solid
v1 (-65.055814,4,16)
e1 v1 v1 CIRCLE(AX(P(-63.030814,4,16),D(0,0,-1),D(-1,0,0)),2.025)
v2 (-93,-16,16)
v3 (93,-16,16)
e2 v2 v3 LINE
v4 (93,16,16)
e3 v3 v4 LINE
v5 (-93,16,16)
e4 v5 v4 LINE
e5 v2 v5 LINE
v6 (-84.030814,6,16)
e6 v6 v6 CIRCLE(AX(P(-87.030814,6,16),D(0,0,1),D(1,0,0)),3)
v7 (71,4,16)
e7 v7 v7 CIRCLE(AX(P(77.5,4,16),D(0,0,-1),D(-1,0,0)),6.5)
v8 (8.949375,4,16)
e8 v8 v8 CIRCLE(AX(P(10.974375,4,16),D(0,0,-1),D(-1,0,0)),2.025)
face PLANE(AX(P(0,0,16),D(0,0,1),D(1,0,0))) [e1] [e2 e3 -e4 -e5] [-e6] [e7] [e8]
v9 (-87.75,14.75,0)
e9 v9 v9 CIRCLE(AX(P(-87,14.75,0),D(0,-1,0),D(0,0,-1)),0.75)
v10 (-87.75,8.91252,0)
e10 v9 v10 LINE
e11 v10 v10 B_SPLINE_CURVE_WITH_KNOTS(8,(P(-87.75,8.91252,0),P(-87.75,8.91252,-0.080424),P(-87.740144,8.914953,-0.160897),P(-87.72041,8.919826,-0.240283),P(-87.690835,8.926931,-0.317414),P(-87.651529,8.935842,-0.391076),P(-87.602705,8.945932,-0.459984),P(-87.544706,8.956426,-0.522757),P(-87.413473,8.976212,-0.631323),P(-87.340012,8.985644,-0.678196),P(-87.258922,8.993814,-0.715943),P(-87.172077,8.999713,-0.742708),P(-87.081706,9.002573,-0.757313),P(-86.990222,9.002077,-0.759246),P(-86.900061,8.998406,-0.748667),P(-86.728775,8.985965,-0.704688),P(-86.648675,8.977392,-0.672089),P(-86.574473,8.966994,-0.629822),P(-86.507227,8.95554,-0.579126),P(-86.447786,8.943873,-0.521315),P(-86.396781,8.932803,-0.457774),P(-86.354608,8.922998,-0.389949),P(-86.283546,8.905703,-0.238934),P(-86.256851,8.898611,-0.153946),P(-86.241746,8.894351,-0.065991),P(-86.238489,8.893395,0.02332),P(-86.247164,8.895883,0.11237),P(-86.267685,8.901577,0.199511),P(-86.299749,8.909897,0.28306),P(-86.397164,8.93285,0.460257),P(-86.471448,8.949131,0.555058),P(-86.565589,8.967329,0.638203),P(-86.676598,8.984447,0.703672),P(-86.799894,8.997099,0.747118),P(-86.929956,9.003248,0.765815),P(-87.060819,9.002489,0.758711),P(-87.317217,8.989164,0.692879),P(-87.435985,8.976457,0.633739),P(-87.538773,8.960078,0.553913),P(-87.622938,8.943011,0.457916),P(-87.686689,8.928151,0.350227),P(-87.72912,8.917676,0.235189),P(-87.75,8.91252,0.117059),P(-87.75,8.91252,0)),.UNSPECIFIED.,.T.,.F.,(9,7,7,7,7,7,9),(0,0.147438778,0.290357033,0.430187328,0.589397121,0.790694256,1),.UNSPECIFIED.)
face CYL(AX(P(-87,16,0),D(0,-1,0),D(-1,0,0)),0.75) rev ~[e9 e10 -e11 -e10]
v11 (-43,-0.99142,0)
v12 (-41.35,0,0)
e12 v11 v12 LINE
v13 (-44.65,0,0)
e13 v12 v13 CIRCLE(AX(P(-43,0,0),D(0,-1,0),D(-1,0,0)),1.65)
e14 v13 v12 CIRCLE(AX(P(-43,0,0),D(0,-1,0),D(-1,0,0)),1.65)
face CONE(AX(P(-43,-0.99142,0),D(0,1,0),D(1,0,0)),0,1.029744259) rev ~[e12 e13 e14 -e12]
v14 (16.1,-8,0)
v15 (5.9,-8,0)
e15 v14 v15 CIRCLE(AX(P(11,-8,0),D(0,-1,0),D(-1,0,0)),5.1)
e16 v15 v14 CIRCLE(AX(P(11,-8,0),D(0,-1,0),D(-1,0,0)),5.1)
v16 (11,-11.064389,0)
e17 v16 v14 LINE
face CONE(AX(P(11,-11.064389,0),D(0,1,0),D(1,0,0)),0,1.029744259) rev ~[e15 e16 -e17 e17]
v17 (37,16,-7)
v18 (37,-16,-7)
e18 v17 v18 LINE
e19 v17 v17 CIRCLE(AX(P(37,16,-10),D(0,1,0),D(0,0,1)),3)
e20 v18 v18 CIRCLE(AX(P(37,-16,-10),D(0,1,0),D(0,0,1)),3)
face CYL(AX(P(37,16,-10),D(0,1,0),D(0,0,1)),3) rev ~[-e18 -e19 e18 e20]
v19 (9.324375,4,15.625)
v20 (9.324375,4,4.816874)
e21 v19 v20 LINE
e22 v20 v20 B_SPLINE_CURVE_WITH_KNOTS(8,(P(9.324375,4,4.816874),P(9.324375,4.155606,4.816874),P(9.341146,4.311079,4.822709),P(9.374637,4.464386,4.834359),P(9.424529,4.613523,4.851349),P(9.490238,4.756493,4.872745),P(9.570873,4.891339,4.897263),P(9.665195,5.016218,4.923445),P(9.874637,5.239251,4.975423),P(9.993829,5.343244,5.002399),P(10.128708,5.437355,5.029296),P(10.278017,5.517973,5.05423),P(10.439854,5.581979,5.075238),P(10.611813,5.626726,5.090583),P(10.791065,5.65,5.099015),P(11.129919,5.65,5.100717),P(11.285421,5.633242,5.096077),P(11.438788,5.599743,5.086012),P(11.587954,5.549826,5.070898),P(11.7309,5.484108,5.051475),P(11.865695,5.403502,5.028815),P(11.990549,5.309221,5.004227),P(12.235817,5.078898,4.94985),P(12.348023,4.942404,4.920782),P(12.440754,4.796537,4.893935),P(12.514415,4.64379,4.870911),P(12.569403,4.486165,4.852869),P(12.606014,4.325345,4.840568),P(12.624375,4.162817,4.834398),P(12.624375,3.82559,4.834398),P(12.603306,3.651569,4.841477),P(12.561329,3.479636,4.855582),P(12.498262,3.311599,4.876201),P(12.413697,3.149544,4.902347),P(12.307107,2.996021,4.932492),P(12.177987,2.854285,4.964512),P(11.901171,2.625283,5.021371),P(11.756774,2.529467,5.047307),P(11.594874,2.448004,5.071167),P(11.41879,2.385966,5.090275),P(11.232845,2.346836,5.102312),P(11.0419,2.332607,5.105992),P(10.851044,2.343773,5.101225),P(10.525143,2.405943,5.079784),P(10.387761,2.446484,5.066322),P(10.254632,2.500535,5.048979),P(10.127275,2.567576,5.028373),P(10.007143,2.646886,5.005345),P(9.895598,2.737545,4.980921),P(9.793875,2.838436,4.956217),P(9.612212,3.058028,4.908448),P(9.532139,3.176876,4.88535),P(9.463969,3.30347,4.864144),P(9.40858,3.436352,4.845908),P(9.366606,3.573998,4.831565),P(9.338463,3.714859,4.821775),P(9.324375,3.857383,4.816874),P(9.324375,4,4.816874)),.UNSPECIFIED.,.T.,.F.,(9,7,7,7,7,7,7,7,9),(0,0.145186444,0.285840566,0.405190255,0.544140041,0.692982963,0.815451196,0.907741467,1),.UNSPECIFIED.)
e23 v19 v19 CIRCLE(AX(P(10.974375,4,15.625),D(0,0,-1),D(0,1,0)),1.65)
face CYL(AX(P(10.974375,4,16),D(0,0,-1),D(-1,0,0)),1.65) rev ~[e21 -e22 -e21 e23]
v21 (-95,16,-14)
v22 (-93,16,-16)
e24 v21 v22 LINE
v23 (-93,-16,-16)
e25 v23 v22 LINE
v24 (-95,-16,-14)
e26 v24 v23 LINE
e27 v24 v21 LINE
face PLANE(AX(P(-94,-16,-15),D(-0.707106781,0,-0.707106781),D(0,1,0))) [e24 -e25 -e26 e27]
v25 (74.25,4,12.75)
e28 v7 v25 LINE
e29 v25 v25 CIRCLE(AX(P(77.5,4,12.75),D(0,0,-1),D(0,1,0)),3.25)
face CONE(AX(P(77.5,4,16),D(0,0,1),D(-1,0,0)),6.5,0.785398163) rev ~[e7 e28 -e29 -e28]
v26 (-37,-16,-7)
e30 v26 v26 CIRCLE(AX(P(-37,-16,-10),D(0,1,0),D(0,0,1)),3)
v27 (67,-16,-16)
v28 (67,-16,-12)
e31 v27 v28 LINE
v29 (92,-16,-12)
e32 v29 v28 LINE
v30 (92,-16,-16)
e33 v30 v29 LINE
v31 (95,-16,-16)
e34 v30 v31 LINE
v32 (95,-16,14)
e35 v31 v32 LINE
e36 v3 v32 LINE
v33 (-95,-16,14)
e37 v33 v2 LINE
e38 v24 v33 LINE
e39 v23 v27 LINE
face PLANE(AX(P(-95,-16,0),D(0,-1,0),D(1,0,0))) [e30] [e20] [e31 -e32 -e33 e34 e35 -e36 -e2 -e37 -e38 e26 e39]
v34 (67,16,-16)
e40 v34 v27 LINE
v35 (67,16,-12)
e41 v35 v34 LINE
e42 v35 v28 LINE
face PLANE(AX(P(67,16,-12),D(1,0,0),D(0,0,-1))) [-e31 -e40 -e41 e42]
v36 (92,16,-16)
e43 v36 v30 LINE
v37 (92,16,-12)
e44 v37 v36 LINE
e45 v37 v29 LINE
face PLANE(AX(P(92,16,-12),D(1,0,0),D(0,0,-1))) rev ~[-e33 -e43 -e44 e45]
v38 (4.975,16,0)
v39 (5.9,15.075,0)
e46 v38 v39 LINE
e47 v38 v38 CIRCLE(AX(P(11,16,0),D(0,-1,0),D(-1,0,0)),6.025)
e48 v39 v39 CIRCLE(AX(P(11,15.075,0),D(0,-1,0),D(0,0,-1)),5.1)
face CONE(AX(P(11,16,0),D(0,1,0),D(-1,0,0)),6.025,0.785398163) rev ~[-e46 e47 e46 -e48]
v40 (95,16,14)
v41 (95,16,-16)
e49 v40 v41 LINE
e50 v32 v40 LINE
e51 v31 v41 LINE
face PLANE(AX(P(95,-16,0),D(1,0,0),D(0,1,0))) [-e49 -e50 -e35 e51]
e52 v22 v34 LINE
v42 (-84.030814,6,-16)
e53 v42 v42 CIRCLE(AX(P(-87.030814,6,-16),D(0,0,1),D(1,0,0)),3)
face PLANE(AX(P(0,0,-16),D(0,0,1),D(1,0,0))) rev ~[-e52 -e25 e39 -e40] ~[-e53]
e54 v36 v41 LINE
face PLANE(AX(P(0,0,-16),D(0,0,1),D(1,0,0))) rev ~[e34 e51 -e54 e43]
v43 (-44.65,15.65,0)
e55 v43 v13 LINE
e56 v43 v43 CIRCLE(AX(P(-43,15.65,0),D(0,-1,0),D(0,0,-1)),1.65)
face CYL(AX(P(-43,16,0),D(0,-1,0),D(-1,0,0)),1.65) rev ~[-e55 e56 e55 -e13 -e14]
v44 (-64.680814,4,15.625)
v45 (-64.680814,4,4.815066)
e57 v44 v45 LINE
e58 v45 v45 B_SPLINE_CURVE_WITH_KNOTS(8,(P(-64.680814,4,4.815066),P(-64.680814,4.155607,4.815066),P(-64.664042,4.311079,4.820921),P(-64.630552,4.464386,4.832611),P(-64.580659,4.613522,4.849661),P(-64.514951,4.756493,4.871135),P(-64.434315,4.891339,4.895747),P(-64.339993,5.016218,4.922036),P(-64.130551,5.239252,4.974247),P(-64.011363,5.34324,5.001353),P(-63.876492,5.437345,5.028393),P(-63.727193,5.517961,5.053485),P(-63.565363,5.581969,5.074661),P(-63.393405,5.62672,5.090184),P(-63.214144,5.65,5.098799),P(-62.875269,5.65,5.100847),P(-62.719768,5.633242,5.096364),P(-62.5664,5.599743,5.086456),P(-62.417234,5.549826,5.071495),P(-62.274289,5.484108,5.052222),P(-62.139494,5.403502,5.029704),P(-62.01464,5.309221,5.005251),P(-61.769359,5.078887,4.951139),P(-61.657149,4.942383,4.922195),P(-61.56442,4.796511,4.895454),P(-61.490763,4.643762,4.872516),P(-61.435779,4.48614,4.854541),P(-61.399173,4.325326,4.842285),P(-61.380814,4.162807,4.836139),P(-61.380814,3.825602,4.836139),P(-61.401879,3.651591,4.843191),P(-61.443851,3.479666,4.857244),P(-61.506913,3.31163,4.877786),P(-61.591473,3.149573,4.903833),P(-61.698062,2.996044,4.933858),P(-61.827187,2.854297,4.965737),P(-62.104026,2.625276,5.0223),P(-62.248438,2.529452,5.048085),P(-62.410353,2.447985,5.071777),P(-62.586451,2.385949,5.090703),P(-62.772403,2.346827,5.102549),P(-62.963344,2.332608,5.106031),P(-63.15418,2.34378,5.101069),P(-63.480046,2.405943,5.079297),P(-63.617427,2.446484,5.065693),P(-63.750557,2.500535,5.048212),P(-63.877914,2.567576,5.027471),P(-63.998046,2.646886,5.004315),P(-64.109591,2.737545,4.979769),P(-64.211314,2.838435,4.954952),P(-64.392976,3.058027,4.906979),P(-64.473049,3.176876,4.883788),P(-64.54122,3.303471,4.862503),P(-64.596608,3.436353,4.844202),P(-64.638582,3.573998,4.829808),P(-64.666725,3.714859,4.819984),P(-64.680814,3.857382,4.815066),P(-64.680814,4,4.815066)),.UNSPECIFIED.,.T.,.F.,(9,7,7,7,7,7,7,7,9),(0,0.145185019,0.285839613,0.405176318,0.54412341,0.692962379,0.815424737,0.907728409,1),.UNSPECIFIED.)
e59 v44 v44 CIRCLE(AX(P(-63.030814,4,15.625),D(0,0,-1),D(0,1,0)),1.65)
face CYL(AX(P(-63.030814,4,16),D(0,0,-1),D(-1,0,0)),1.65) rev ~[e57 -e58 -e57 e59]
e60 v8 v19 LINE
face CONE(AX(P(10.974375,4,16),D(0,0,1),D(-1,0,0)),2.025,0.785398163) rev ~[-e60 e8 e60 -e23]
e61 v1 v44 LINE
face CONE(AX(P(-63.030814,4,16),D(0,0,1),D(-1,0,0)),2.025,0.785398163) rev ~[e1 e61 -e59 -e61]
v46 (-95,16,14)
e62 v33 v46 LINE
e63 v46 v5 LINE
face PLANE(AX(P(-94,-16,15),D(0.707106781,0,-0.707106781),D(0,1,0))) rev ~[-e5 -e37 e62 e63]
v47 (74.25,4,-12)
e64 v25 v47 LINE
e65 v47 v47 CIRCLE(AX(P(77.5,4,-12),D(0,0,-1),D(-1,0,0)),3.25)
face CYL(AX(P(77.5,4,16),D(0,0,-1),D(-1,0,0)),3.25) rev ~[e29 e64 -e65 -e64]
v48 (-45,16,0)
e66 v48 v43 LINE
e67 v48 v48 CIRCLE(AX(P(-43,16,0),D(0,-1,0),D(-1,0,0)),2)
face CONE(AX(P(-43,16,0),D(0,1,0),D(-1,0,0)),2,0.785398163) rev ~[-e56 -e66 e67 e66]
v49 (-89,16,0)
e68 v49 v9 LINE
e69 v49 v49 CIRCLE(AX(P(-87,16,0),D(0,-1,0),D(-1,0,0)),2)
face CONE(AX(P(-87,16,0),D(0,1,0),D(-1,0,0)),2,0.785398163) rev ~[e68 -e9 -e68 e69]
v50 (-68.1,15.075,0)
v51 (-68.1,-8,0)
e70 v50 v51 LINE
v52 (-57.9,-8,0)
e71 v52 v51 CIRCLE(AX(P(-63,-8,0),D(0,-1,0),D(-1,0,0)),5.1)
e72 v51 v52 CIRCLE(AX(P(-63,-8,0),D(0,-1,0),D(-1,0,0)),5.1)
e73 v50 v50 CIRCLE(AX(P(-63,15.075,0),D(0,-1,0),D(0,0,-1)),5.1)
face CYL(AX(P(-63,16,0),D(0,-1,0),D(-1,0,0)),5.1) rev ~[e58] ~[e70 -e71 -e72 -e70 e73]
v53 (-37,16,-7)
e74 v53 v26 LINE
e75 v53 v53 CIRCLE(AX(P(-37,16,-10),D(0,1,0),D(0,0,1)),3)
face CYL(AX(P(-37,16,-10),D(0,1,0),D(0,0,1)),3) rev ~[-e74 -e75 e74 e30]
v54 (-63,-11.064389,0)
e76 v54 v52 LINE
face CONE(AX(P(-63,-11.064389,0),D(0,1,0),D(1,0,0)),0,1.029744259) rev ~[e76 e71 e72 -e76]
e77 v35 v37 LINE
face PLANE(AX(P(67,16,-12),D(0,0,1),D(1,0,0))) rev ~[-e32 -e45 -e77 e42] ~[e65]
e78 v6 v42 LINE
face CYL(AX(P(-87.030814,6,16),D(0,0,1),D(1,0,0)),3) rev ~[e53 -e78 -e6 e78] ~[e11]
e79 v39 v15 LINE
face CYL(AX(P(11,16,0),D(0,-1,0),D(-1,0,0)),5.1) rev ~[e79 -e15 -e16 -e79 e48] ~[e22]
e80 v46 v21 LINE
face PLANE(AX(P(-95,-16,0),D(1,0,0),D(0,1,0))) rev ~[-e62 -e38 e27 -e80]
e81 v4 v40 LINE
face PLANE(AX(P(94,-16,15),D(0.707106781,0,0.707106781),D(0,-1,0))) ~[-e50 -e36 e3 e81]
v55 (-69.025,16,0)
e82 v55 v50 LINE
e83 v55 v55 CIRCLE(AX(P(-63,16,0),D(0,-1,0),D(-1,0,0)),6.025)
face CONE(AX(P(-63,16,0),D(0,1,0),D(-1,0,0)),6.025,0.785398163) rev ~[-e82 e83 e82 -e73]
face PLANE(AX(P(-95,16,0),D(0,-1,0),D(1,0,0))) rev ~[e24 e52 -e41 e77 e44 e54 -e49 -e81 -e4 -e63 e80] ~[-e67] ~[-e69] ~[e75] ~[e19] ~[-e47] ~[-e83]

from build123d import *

# Parameters (mm, degrees)
SKETCH2_W                                            = 190
SKETCH2_H                                            = 32
BOSS_EXTRUDE2_DEPTH                                  = 16
CHAMFER1_SIZE                                        = 2
SKETCH3_W                                            = 25
SKETCH3_H                                            = 4
CUT_EXTRUDE1_DEPTH                                   = 102.513545894
M12_TAPPED_HOLE1_D                                   = 10.2
M12_TAPPED_HOLE1_DEPTH                               = 24
M12_TAPPED_HOLE1_CSINK_D                             = 12.05
M12_TAPPED_HOLE1_CSINK_ANGLE                         = 90
M12_TAPPED_HOLE1_TIP                                 = 3.064389157
M4_TAPPED_HOLE1_D                                    = 3.3
M4_TAPPED_HOLE1_DEPTH                                = 11.5
M4_TAPPED_HOLE1_CSINK_D                              = 4.05
M4_TAPPED_HOLE1_CSINK_ANGLE                          = 90
M4_TAPPED_HOLE1_TIP                                  = 0.991420021
CSK_FOR_M10_COUNTERSUNK_FLAT_HEAD_SCREW1_D           = 6.5
CSK_FOR_M10_COUNTERSUNK_FLAT_HEAD_SCREW1_CSINK_D     = 13
CSK_FOR_M10_COUNTERSUNK_FLAT_HEAD_SCREW1_CSINK_ANGLE = 90
SKETCH13_R                                           = 3
CUT_EXTRUDE2_DEPTH                                   = 102.513545894
CSK_FOR_M4_COUNTERSUNK_FLAT_HEAD_SCREW1_D            = 1.5
CSK_FOR_M4_COUNTERSUNK_FLAT_HEAD_SCREW1_DEPTH        = 10
CSK_FOR_M4_COUNTERSUNK_FLAT_HEAD_SCREW1_CSINK_D      = 4
CSK_FOR_M4_COUNTERSUNK_FLAT_HEAD_SCREW1_CSINK_ANGLE  = 90
CSK_FOR_M4_COUNTERSUNK_FLAT_HEAD_SCREW1_TIP          = 0.450645464
M4_TAPPED_HOLE2_D                                    = 3.3
M4_TAPPED_HOLE2_DEPTH                                = 16
M4_TAPPED_HOLE2_CSINK_D                              = 4
M4_TAPPED_HOLE2_CSINK_ANGLE                          = 90
M4_TAPPED_HOLE2_TIP                                  = 0.991420021
SKETCH19_R                                           = 3
CUT_EXTRUDE3_DEPTH                                   = 102.51354591


with BuildPart() as part:
    # Sketch2 → Boss-Extrude2 (new, symmetric)
    with BuildSketch(Plane.XY):
        Rectangle(SKETCH2_W, SKETCH2_H)
    extrude(amount=BOSS_EXTRUDE2_DEPTH, both=True)

    # Chamfer1
    chamfer1_edges = [part.edges().sort_by_distance(p)[0] for p in [
        (-95, 0, 16),
        (95, 0, 16),
        (-95, 0, -16),
    ]]
    chamfer(chamfer1_edges, length=CHAMFER1_SIZE)

    # Sketch3 → Cut-Extrude1 (cut, through all)
    with BuildSketch(Plane(origin=(0, 16, 0), x_dir=(1, 0, 0), z_dir=(0, 1, 0))):
        with Locations((79.5, 14)):
            Rectangle(SKETCH3_W, SKETCH3_H)
    extrude(amount=-CUT_EXTRUDE1_DEPTH, mode=Mode.SUBTRACT)

    # M12 Tapped Hole1
    with Locations(Plane(origin=(0, 16, 0), x_dir=(1, 0, 0), z_dir=(0, 1, 0))):
        with Locations((-63, 0), (11, 0)):
            CounterSinkHole(M12_TAPPED_HOLE1_D / 2, M12_TAPPED_HOLE1_CSINK_D / 2, depth=M12_TAPPED_HOLE1_DEPTH, counter_sink_angle=M12_TAPPED_HOLE1_CSINK_ANGLE)
            with Locations((0, 0, -(M12_TAPPED_HOLE1_DEPTH + M12_TAPPED_HOLE1_TIP / 2))):  # 118° drill point
                Cone(0, M12_TAPPED_HOLE1_D / 2, M12_TAPPED_HOLE1_TIP, mode=Mode.SUBTRACT)

    # M4 Tapped Hole1
    with Locations(Plane.XY.offset(16)):
        with Locations((-63.030813748, 4), (10.974374685, 4)):
            CounterSinkHole(M4_TAPPED_HOLE1_D / 2, M4_TAPPED_HOLE1_CSINK_D / 2, depth=M4_TAPPED_HOLE1_DEPTH, counter_sink_angle=M4_TAPPED_HOLE1_CSINK_ANGLE)
            with Locations((0, 0, -(M4_TAPPED_HOLE1_DEPTH + M4_TAPPED_HOLE1_TIP / 2))):  # 118° drill point
                Cone(0, M4_TAPPED_HOLE1_D / 2, M4_TAPPED_HOLE1_TIP, mode=Mode.SUBTRACT)

    # CSK for M10 Countersunk Flat Head Screw1 (through all)
    with Locations(Plane.XY.offset(16)):
        with Locations((77.5, 4)):
            CounterSinkHole(CSK_FOR_M10_COUNTERSUNK_FLAT_HEAD_SCREW1_D / 2, CSK_FOR_M10_COUNTERSUNK_FLAT_HEAD_SCREW1_CSINK_D / 2, counter_sink_angle=CSK_FOR_M10_COUNTERSUNK_FLAT_HEAD_SCREW1_CSINK_ANGLE)

    # Sketch13 → Cut-Extrude2 (cut, through all)
    with BuildSketch(Plane.XY.offset(16)):
        with Locations((-87.030813748, 6)):
            Circle(SKETCH13_R)
    extrude(amount=-CUT_EXTRUDE2_DEPTH, mode=Mode.SUBTRACT)

    # CSK for M4 Countersunk Flat Head Screw1
    with Locations(Plane(origin=(0, 16, 0), x_dir=(1, 0, 0), z_dir=(0, 1, 0))):
        with Locations((-87, 0)):
            CounterSinkHole(CSK_FOR_M4_COUNTERSUNK_FLAT_HEAD_SCREW1_D / 2, CSK_FOR_M4_COUNTERSUNK_FLAT_HEAD_SCREW1_CSINK_D / 2, depth=CSK_FOR_M4_COUNTERSUNK_FLAT_HEAD_SCREW1_DEPTH, counter_sink_angle=CSK_FOR_M4_COUNTERSUNK_FLAT_HEAD_SCREW1_CSINK_ANGLE)
            with Locations((0, 0, -(CSK_FOR_M4_COUNTERSUNK_FLAT_HEAD_SCREW1_DEPTH + CSK_FOR_M4_COUNTERSUNK_FLAT_HEAD_SCREW1_TIP / 2))):  # 118° drill point
                Cone(0, CSK_FOR_M4_COUNTERSUNK_FLAT_HEAD_SCREW1_D / 2, CSK_FOR_M4_COUNTERSUNK_FLAT_HEAD_SCREW1_TIP, mode=Mode.SUBTRACT)

    # M4 Tapped Hole2
    with Locations(Plane(origin=(0, 16, 0), x_dir=(1, 0, 0), z_dir=(0, 1, 0))):
        with Locations((-43, 0)):
            CounterSinkHole(M4_TAPPED_HOLE2_D / 2, M4_TAPPED_HOLE2_CSINK_D / 2, depth=M4_TAPPED_HOLE2_DEPTH, counter_sink_angle=M4_TAPPED_HOLE2_CSINK_ANGLE)
            with Locations((0, 0, -(M4_TAPPED_HOLE2_DEPTH + M4_TAPPED_HOLE2_TIP / 2))):  # 118° drill point
                Cone(0, M4_TAPPED_HOLE2_D / 2, M4_TAPPED_HOLE2_TIP, mode=Mode.SUBTRACT)

    # Sketch19 → Cut-Extrude3 (cut, through all)
    with BuildSketch(Plane(origin=(0, 16, 0), x_dir=(1, 0, 0), z_dir=(0, 1, 0))):
        with Locations(Location((-37, 10, 0), (0, 0, 270))):
            Circle(SKETCH19_R)
        with Locations(Location((37, 10, 0), (0, 0, 270))):
            Circle(SKETCH19_R)
    extrude(amount=-CUT_EXTRUDE3_DEPTH, mode=Mode.SUBTRACT)


solid = part.part
